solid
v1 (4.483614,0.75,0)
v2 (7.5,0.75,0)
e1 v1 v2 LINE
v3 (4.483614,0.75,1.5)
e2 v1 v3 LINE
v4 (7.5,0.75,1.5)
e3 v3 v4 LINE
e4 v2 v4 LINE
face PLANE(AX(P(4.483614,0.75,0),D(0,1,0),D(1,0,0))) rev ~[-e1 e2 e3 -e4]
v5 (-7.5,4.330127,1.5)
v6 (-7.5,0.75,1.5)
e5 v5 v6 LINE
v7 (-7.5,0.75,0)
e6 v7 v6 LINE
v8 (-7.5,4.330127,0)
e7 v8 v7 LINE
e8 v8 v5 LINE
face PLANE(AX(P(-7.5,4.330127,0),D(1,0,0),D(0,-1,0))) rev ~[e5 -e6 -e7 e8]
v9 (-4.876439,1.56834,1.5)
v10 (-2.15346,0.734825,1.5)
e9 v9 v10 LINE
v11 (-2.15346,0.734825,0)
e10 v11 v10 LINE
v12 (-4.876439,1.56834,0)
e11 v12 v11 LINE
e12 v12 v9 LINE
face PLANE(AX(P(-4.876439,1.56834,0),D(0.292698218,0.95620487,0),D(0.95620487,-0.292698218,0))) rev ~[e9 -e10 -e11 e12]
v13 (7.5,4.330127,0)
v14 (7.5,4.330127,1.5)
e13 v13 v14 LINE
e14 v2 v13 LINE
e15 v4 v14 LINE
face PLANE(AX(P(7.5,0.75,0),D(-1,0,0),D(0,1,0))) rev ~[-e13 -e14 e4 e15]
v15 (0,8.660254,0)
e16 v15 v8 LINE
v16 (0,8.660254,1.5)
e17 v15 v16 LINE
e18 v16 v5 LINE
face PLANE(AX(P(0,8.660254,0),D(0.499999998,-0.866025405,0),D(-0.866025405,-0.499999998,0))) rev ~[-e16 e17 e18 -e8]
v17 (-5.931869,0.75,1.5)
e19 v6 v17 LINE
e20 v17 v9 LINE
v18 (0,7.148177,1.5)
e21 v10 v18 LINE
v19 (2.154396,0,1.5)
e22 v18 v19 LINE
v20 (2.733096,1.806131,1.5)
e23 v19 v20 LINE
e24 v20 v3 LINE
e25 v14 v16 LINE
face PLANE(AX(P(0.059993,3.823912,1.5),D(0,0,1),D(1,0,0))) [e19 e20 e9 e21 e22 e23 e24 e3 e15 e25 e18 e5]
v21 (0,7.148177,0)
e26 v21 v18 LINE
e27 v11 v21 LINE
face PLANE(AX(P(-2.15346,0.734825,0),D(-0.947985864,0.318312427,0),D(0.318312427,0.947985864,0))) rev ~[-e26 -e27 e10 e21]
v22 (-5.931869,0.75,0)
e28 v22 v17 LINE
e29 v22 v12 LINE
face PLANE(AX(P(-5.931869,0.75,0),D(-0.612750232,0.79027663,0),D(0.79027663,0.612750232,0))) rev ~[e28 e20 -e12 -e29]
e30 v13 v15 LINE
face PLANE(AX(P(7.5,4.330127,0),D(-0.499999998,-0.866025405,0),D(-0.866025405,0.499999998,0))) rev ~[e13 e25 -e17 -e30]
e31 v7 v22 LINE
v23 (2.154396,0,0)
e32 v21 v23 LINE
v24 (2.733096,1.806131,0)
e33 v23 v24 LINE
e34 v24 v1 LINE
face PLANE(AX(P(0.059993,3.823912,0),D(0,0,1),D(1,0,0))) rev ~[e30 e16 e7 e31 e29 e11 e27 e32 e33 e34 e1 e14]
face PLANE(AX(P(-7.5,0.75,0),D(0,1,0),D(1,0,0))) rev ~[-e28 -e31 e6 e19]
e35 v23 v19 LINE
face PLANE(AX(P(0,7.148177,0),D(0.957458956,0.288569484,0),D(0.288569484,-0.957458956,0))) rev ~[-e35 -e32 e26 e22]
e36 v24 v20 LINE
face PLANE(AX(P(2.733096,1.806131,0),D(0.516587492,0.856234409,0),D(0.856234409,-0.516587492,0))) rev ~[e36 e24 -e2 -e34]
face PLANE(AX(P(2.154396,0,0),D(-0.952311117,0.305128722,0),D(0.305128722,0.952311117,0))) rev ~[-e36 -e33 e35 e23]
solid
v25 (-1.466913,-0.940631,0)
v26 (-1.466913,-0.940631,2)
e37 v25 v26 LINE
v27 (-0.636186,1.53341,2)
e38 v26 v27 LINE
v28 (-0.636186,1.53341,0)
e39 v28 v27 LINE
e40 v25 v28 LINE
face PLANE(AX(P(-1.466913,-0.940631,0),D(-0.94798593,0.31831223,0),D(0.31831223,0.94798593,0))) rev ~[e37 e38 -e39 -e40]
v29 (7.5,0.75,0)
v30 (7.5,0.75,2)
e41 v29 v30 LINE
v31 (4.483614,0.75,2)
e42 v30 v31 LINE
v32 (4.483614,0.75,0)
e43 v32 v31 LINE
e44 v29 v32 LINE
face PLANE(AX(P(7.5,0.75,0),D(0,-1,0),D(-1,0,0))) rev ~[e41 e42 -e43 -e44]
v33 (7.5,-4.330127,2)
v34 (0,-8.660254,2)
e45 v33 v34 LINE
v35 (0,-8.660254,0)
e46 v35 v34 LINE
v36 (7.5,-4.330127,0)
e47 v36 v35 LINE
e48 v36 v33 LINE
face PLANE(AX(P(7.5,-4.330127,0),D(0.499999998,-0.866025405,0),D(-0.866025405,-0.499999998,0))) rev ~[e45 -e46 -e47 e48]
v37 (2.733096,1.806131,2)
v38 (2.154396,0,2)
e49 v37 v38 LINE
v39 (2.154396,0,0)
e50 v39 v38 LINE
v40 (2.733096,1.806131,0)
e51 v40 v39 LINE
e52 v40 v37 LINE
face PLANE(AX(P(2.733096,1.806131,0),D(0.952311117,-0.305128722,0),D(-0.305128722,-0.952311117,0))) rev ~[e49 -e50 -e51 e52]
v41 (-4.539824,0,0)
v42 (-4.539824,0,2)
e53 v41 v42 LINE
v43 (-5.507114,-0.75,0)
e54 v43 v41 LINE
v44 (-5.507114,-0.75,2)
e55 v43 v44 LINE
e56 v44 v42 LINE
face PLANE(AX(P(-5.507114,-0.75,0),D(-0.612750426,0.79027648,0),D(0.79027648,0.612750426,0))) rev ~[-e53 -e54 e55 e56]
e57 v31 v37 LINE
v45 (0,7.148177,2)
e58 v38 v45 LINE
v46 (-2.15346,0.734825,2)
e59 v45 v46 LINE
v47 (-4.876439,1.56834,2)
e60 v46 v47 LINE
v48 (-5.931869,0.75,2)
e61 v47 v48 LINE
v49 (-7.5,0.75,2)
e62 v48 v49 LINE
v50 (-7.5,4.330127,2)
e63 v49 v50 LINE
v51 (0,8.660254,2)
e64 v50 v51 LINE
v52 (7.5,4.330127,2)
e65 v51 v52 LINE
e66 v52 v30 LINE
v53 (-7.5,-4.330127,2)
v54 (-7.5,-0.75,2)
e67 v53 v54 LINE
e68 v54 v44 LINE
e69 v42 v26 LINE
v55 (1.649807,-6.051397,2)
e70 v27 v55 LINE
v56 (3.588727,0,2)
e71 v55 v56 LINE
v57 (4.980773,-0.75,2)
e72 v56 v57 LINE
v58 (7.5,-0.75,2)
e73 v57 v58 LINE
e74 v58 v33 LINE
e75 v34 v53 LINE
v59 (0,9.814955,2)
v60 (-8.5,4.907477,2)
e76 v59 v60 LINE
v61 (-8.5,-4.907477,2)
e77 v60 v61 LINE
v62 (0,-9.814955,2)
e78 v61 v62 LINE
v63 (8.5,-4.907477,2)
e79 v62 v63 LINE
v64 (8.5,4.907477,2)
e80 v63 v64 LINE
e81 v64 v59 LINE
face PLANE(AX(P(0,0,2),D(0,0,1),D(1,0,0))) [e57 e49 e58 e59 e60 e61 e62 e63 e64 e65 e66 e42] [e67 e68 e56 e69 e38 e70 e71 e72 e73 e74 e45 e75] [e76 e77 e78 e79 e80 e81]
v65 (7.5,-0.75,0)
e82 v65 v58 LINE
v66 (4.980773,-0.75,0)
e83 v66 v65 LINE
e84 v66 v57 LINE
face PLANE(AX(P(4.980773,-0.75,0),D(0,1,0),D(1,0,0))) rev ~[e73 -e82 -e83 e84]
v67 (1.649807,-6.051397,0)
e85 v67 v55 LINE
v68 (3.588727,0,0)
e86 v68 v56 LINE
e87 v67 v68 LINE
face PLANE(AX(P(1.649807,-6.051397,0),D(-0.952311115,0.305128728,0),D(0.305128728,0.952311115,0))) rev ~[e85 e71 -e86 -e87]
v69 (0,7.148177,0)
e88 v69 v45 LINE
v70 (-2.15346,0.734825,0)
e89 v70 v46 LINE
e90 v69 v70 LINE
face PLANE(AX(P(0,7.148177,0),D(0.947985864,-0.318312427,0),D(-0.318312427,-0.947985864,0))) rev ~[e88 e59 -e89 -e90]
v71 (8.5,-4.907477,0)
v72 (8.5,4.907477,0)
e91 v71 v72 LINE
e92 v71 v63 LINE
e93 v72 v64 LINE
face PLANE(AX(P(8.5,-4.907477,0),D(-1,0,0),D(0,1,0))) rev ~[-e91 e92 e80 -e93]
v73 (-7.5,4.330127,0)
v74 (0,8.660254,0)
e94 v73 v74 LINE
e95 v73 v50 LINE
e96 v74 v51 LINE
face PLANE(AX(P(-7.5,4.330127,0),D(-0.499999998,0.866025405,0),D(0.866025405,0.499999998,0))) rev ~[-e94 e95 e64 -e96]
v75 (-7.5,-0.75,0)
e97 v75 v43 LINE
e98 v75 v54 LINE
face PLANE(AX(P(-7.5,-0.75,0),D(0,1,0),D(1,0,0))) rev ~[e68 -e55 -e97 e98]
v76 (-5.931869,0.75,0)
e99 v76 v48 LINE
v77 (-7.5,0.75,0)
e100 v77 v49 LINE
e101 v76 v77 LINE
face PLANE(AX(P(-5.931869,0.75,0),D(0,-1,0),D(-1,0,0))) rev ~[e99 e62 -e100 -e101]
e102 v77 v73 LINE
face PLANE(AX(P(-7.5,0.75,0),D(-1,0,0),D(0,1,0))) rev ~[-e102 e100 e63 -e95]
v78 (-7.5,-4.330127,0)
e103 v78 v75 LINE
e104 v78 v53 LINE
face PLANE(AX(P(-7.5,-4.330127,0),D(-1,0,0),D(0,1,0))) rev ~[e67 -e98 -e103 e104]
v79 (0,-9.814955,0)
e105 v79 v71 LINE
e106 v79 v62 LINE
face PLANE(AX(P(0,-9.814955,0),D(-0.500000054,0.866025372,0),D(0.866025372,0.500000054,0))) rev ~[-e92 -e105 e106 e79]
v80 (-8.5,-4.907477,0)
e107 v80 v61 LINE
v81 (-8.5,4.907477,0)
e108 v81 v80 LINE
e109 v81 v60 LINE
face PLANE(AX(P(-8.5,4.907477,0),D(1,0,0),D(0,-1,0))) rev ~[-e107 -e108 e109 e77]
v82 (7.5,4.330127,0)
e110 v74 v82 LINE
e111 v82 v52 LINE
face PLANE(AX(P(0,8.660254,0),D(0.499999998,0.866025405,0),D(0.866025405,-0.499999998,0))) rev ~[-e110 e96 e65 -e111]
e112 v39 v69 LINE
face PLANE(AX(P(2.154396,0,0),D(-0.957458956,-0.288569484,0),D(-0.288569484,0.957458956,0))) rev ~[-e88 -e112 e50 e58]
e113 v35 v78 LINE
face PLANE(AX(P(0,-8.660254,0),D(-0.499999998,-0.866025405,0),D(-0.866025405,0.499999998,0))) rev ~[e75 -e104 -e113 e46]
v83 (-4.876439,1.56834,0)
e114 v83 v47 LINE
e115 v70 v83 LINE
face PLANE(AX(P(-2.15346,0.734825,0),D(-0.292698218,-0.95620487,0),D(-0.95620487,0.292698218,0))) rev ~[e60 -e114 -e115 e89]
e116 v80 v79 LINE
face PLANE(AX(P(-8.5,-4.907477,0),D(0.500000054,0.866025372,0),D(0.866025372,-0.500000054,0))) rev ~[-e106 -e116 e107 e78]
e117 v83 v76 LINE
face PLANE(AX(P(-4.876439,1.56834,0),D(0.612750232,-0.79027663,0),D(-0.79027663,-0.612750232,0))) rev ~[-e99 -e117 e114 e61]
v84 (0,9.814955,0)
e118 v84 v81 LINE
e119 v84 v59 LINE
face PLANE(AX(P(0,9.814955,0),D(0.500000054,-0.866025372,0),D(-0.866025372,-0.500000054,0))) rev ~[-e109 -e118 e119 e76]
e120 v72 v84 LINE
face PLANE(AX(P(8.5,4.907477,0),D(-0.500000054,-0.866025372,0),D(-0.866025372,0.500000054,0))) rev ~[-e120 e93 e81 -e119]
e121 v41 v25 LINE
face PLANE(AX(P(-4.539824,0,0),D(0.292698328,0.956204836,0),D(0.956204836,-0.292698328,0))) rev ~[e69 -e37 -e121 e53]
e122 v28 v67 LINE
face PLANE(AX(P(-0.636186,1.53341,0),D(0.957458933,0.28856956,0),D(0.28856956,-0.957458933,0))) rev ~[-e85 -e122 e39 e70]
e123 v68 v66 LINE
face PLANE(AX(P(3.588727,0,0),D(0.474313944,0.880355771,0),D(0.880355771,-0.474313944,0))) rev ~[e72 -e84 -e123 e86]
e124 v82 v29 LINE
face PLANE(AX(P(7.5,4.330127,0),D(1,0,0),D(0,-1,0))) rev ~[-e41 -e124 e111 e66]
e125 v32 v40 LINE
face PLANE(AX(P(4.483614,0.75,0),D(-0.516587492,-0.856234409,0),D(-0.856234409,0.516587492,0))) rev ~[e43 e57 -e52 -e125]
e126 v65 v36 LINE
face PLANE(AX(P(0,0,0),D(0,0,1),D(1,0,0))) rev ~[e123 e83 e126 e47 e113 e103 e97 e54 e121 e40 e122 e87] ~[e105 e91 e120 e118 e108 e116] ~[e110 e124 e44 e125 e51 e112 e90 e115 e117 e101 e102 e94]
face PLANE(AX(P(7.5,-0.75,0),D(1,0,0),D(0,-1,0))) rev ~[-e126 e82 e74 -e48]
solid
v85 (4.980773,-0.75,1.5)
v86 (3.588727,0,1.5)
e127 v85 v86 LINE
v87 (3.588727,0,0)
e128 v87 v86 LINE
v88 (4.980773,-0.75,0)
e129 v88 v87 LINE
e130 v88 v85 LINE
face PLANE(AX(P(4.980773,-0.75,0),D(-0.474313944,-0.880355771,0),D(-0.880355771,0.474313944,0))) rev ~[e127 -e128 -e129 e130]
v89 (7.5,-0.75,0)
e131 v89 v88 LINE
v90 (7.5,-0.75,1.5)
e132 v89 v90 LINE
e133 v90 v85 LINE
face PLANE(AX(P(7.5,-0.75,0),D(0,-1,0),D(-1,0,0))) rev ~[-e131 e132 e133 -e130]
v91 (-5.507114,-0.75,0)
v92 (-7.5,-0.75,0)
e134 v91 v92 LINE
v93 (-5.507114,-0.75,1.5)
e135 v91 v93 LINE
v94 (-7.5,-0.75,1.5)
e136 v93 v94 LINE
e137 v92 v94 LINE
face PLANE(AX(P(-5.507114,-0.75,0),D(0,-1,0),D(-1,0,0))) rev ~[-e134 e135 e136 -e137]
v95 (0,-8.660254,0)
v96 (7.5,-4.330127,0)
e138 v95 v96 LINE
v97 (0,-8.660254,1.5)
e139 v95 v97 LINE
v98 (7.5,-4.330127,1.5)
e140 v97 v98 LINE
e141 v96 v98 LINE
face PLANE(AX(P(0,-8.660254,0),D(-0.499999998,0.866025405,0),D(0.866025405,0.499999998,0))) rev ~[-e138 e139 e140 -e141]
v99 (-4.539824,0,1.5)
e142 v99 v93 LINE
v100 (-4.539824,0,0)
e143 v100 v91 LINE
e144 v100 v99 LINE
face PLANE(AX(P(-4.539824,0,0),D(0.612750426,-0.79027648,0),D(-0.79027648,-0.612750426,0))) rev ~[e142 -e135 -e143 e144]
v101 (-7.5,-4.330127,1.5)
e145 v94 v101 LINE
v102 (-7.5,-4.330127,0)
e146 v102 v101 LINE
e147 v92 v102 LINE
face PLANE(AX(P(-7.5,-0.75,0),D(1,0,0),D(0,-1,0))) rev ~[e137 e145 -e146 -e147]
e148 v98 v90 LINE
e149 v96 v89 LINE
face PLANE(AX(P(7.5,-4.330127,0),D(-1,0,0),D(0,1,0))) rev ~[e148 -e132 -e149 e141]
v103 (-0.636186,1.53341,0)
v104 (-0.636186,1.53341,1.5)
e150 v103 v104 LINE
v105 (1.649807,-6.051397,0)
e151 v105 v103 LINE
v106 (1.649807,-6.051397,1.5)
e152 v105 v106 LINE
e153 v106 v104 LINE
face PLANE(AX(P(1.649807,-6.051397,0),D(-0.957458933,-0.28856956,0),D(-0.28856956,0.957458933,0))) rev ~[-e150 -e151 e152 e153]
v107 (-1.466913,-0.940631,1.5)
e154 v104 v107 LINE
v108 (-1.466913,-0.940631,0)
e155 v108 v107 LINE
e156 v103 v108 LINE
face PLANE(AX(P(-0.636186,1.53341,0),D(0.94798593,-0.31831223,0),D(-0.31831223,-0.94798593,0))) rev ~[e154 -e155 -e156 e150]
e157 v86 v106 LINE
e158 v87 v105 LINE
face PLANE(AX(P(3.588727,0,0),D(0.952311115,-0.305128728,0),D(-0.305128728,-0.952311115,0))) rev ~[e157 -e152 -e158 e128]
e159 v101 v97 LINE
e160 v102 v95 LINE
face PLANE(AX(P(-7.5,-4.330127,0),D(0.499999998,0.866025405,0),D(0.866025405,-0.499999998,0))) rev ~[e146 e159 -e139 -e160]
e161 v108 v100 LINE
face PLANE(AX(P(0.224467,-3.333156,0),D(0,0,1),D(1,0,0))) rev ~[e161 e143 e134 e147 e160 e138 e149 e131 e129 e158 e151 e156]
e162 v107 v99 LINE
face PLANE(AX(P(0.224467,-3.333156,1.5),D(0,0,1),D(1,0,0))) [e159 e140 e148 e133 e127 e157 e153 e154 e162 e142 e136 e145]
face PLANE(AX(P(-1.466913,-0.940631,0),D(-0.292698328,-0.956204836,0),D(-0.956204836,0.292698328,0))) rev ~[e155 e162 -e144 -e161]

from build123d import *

# Parameters (mm, degrees)
F1_DEPTH = 2
F2_DEPTH = 1.5


with BuildPart() as f1:
    # F0 (on Top) → F1 (new body)
    with BuildSketch(Plane.XY):
        Polygon((0, -9.814955), (8.5, -4.907477), (8.5, 4.907477), (0, 9.814955), (-8.5, 4.907477), (-8.5, -4.907477), align=None)
        Polygon((7.5, -0.75), (7.5, -4.330127), (0, -8.660254), (-7.5, -4.330127), (-7.5, -0.75), (-5.507114, -0.75), (-4.539824, 0), (-1.466913, -0.940631), (-0.636186, 1.53341), (1.649807, -6.051397), (3.588727, 0), (4.980773, -0.75), align=None, mode=Mode.SUBTRACT)
        Polygon((-7.5, 0.75), (-7.5, 4.330127), (0, 8.660254), (7.5, 4.330127), (7.5, 0.75), (4.483614, 0.75), (2.733096, 1.806131), (2.154396, 0), (0, 7.148177), (-2.15346, 0.734825), (-4.876439, 1.56834), (-5.931869, 0.75), align=None, mode=Mode.SUBTRACT)
    extrude(amount=F1_DEPTH)


with BuildPart() as f2:
    # F0 (on Top) → F2 (new body)
    with BuildSketch(Plane.XY):
        Polygon((0, 8.660254), (-7.5, 4.330127), (-7.5, 0.75), (-5.931869, 0.75), (-4.876439, 1.56834), (-2.15346, 0.734825), (0, 7.148177), (2.154396, 0), (2.733096, 1.806131), (4.483614, 0.75), (7.5, 0.75), (7.5, 4.330127), align=None)
        Polygon((0, -8.660254), (7.5, -4.330127), (7.5, -0.75), (4.980773, -0.75), (3.588727, 0), (1.649807, -6.051397), (-0.636186, 1.53341), (-1.466913, -0.940631), (-4.539824, 0), (-5.507114, -0.75), (-7.5, -0.75), (-7.5, -4.330127), align=None)
    extrude(amount=F2_DEPTH)


solid = Compound([f1.part, f2.part])
